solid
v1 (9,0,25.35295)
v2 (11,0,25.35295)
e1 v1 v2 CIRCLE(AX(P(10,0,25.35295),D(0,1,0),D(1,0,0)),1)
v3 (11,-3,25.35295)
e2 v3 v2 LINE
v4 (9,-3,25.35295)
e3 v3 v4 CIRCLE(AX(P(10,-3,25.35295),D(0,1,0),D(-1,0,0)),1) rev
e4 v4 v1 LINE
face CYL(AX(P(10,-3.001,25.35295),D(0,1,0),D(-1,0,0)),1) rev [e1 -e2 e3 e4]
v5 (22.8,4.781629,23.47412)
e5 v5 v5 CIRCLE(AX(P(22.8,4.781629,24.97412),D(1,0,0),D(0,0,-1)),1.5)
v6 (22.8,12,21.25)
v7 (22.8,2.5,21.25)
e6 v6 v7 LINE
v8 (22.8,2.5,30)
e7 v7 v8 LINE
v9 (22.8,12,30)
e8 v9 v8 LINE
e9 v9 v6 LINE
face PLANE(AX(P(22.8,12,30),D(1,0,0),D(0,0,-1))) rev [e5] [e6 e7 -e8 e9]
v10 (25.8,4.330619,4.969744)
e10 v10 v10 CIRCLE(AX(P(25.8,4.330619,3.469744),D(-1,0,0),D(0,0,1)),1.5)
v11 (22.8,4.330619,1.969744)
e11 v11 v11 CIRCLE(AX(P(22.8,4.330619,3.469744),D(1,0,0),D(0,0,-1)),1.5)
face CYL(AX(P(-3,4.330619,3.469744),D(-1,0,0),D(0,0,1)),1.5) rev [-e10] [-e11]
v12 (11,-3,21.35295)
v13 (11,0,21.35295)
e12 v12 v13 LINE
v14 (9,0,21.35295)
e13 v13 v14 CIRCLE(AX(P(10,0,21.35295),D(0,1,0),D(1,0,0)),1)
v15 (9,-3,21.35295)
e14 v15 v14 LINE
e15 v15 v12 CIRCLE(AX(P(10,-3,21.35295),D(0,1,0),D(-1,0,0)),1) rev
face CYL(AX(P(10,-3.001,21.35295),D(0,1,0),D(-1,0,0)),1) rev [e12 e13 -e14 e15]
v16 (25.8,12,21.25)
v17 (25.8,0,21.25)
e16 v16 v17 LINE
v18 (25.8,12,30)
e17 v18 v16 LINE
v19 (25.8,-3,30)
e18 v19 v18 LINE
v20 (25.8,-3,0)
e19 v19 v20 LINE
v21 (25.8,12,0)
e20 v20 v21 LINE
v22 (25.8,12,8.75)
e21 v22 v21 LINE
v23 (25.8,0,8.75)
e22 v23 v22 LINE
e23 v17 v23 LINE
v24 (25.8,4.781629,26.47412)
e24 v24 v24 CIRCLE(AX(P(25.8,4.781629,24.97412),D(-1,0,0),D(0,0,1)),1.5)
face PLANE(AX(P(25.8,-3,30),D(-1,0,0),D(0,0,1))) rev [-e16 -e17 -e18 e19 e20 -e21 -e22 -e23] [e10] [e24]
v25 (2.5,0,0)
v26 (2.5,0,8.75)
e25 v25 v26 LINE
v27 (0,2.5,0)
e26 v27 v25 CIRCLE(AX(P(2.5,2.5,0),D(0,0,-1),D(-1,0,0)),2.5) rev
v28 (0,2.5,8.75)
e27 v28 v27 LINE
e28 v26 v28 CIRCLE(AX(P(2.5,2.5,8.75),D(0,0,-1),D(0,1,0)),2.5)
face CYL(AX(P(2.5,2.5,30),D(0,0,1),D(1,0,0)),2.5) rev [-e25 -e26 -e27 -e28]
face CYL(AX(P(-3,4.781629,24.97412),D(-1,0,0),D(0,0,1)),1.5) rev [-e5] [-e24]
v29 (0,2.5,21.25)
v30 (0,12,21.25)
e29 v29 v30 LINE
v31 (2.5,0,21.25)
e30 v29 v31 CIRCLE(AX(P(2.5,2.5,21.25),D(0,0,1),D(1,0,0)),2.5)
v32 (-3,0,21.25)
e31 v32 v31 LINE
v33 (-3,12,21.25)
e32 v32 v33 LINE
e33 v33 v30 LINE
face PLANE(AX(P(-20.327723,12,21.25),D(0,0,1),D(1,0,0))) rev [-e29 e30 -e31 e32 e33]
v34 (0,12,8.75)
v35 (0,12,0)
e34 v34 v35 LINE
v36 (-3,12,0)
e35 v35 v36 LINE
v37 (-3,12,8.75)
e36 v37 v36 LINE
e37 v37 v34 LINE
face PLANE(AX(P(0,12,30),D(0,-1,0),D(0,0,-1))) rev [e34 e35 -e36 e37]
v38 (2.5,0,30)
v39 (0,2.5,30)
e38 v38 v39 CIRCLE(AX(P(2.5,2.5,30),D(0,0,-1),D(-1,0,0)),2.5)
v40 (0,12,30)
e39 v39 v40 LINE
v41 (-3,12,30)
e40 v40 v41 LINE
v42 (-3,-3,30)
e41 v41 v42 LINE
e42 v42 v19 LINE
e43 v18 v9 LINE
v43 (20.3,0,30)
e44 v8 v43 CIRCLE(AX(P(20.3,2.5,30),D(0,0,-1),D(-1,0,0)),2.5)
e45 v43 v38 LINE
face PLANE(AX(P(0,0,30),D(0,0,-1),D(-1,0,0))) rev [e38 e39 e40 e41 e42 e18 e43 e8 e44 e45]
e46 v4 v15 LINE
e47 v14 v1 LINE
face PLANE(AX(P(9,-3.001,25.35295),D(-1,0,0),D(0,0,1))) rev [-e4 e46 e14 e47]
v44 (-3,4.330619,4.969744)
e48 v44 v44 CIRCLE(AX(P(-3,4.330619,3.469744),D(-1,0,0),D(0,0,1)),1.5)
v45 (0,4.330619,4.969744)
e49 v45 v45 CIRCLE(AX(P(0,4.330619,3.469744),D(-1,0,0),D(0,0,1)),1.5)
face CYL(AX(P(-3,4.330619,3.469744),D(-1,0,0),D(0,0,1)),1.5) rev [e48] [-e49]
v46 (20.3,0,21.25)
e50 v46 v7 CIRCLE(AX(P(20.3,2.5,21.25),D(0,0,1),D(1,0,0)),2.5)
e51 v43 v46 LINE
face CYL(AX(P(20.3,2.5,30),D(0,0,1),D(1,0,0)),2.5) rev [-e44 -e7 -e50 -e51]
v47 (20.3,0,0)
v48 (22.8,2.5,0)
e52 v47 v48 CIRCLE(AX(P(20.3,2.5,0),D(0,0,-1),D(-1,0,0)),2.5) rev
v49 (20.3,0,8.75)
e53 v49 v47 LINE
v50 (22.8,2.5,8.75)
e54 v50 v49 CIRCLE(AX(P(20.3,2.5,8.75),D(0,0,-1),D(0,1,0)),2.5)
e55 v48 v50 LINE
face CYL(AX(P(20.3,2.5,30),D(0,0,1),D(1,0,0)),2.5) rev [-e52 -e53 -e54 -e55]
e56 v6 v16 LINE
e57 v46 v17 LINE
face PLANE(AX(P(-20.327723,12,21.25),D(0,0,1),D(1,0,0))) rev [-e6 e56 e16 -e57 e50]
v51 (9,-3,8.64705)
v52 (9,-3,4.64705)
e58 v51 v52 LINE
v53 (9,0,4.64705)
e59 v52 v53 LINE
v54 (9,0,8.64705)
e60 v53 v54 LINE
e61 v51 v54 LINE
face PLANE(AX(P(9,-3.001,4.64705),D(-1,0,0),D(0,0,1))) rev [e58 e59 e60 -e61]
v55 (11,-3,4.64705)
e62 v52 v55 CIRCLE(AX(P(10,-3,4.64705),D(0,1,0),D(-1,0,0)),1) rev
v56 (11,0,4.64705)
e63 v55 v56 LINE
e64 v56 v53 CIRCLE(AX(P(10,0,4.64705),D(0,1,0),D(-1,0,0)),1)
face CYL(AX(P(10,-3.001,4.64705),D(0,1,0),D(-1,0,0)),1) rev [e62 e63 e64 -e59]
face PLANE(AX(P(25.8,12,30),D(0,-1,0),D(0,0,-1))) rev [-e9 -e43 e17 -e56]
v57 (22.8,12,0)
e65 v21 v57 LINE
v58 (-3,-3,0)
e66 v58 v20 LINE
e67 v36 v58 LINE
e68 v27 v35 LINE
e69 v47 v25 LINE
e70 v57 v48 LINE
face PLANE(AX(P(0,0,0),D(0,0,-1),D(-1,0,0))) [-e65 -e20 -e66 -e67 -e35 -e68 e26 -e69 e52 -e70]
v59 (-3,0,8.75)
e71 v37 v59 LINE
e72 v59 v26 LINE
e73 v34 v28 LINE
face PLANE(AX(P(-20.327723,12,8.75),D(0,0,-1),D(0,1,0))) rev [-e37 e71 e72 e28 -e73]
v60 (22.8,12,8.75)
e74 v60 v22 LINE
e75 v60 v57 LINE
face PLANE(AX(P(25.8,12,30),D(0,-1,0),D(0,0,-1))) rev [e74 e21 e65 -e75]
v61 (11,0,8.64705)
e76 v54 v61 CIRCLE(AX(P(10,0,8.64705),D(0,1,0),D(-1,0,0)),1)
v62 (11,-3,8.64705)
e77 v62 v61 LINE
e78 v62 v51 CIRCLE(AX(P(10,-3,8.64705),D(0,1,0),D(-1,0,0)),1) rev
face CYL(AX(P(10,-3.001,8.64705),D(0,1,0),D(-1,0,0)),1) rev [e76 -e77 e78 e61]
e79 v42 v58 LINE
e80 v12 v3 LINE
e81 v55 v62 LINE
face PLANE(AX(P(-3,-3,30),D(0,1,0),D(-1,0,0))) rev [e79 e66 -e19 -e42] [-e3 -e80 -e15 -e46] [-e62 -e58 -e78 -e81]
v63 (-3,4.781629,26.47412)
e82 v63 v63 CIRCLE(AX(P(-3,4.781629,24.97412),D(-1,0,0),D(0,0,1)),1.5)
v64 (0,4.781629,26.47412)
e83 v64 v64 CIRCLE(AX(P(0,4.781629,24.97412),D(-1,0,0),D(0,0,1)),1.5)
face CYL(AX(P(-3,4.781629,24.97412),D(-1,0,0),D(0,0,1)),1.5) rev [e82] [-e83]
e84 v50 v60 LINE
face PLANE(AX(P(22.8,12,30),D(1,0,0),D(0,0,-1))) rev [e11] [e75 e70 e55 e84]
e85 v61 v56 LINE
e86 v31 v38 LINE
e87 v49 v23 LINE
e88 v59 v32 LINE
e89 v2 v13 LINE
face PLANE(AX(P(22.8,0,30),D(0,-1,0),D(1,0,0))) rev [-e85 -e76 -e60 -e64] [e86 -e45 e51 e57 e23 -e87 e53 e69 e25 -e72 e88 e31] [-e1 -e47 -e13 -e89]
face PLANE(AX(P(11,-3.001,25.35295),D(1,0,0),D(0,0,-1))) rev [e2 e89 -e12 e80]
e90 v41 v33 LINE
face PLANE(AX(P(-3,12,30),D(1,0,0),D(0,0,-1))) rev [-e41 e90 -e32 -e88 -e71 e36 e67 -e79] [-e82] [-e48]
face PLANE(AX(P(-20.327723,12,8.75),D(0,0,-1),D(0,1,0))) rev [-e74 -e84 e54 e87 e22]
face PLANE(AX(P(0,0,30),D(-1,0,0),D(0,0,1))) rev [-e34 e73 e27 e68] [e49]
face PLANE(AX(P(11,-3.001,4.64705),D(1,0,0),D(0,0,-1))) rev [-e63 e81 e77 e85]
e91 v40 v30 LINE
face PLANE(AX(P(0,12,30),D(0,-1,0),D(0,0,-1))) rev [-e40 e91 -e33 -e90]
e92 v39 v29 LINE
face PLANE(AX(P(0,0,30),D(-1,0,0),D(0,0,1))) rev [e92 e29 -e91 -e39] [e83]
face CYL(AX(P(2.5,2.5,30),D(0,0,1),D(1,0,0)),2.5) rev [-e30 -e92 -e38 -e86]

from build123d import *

# Parameters (mm, degrees)
EXTRUDE_1_DEPTH     = 30
SKETCH_2_W          = 12.5
SKETCH_2_H          = 12
CUT_EXTRUDE_1_DEPTH = 28.8
CUT_EXTRUDE_2_REACH = 5
MM_PRESS_1_D        = 3
FILLET_1_R          = 2.5


with BuildPart() as part:
    # 草图1 → 凸台-拉伸1 (new body)
    with BuildSketch(Plane.XY):
        Polygon((0, 0), (0, 12), (-3, 12), (-3, -3), (25.8, -3), (25.8, 12), (22.8, 12), (22.8, 0), align=None)
    extrude(amount=EXTRUDE_1_DEPTH)

    # 草图2 → 切除-拉伸1 (cut)
    with BuildSketch(Plane(origin=(25.8, 0, 0), x_dir=(0, 0, -1), z_dir=(1, 0, 0))):
        with Locations((-15, 6)):
            Rectangle(SKETCH_2_W, SKETCH_2_H)
    extrude(amount=-CUT_EXTRUDE_1_DEPTH, mode=Mode.SUBTRACT)

    # 草图3 → 切除-拉伸2 (cut, up to next)
    with BuildSketch(Plane(origin=(0, 0, 0), x_dir=(1, 0, 0), z_dir=(0, 1, 0)), mode=Mode.PRIVATE) as cut_extrude_2_sk1:
        with BuildLine():
            Line((11, -4.647050091), (11, -8.647050091))
            ThreePointArc((11, -8.647050091), (10, -9.647050091), (9, -8.647050091))
            Line((9, -8.647050091), (9, -4.647050091))
            ThreePointArc((9, -4.647050091), (10, -3.647050091), (11, -4.647050091))
        make_face()
    cut_extrude_2_tool1 = extrude(cut_extrude_2_sk1.sketch, amount=-CUT_EXTRUDE_2_REACH, mode=Mode.PRIVATE) & part.part
    add(cut_extrude_2_tool1.solids().sort_by_distance((10, 0, 6.64705))[0], mode=Mode.SUBTRACT)
    # 草图3 → 切除-拉伸2 (cut, up to next)
    with BuildSketch(Plane(origin=(0, 0, 0), x_dir=(1, 0, 0), z_dir=(0, 1, 0)), mode=Mode.PRIVATE) as cut_extrude_2_sk2:
        with BuildLine():
            Line((11, -25.352949909), (11, -21.352949909))
            ThreePointArc((11, -21.352949909), (10, -20.352949909), (9, -21.352949909))
            Line((9, -21.352949909), (9, -25.352949909))
            ThreePointArc((9, -25.352949909), (10, -26.352949909), (11, -25.352949909))
        make_face()
    cut_extrude_2_tool2 = extrude(cut_extrude_2_sk2.sketch, amount=-CUT_EXTRUDE_2_REACH, mode=Mode.PRIVATE) & part.part
    add(cut_extrude_2_tool2.solids().sort_by_distance((10, 0, 23.35295))[0], mode=Mode.SUBTRACT)

    # 大小mm Press 暗销孔1 (through all)
    with Locations(Plane(origin=(-3, 140.185527162, 21.233815274), x_dir=(0, -0.020968354, -0.99978014), z_dir=(-1, 0, 0))):
        with Locations((20.608818994, 135.452556109), (-0.900285243, 135.452556109)):
            Hole(MM_PRESS_1_D / 2)

    # 圆角1
    fillet_1_edges = [part.edges().sort_by_distance(p)[0] for p in [
        (22.8, 0, 25.625),
        (0, 0, 25.625),
        (22.8, 0, 4.375),
        (0, 0, 4.375),
    ]]
    fillet(fillet_1_edges, radius=FILLET_1_R)


solid = part.part
